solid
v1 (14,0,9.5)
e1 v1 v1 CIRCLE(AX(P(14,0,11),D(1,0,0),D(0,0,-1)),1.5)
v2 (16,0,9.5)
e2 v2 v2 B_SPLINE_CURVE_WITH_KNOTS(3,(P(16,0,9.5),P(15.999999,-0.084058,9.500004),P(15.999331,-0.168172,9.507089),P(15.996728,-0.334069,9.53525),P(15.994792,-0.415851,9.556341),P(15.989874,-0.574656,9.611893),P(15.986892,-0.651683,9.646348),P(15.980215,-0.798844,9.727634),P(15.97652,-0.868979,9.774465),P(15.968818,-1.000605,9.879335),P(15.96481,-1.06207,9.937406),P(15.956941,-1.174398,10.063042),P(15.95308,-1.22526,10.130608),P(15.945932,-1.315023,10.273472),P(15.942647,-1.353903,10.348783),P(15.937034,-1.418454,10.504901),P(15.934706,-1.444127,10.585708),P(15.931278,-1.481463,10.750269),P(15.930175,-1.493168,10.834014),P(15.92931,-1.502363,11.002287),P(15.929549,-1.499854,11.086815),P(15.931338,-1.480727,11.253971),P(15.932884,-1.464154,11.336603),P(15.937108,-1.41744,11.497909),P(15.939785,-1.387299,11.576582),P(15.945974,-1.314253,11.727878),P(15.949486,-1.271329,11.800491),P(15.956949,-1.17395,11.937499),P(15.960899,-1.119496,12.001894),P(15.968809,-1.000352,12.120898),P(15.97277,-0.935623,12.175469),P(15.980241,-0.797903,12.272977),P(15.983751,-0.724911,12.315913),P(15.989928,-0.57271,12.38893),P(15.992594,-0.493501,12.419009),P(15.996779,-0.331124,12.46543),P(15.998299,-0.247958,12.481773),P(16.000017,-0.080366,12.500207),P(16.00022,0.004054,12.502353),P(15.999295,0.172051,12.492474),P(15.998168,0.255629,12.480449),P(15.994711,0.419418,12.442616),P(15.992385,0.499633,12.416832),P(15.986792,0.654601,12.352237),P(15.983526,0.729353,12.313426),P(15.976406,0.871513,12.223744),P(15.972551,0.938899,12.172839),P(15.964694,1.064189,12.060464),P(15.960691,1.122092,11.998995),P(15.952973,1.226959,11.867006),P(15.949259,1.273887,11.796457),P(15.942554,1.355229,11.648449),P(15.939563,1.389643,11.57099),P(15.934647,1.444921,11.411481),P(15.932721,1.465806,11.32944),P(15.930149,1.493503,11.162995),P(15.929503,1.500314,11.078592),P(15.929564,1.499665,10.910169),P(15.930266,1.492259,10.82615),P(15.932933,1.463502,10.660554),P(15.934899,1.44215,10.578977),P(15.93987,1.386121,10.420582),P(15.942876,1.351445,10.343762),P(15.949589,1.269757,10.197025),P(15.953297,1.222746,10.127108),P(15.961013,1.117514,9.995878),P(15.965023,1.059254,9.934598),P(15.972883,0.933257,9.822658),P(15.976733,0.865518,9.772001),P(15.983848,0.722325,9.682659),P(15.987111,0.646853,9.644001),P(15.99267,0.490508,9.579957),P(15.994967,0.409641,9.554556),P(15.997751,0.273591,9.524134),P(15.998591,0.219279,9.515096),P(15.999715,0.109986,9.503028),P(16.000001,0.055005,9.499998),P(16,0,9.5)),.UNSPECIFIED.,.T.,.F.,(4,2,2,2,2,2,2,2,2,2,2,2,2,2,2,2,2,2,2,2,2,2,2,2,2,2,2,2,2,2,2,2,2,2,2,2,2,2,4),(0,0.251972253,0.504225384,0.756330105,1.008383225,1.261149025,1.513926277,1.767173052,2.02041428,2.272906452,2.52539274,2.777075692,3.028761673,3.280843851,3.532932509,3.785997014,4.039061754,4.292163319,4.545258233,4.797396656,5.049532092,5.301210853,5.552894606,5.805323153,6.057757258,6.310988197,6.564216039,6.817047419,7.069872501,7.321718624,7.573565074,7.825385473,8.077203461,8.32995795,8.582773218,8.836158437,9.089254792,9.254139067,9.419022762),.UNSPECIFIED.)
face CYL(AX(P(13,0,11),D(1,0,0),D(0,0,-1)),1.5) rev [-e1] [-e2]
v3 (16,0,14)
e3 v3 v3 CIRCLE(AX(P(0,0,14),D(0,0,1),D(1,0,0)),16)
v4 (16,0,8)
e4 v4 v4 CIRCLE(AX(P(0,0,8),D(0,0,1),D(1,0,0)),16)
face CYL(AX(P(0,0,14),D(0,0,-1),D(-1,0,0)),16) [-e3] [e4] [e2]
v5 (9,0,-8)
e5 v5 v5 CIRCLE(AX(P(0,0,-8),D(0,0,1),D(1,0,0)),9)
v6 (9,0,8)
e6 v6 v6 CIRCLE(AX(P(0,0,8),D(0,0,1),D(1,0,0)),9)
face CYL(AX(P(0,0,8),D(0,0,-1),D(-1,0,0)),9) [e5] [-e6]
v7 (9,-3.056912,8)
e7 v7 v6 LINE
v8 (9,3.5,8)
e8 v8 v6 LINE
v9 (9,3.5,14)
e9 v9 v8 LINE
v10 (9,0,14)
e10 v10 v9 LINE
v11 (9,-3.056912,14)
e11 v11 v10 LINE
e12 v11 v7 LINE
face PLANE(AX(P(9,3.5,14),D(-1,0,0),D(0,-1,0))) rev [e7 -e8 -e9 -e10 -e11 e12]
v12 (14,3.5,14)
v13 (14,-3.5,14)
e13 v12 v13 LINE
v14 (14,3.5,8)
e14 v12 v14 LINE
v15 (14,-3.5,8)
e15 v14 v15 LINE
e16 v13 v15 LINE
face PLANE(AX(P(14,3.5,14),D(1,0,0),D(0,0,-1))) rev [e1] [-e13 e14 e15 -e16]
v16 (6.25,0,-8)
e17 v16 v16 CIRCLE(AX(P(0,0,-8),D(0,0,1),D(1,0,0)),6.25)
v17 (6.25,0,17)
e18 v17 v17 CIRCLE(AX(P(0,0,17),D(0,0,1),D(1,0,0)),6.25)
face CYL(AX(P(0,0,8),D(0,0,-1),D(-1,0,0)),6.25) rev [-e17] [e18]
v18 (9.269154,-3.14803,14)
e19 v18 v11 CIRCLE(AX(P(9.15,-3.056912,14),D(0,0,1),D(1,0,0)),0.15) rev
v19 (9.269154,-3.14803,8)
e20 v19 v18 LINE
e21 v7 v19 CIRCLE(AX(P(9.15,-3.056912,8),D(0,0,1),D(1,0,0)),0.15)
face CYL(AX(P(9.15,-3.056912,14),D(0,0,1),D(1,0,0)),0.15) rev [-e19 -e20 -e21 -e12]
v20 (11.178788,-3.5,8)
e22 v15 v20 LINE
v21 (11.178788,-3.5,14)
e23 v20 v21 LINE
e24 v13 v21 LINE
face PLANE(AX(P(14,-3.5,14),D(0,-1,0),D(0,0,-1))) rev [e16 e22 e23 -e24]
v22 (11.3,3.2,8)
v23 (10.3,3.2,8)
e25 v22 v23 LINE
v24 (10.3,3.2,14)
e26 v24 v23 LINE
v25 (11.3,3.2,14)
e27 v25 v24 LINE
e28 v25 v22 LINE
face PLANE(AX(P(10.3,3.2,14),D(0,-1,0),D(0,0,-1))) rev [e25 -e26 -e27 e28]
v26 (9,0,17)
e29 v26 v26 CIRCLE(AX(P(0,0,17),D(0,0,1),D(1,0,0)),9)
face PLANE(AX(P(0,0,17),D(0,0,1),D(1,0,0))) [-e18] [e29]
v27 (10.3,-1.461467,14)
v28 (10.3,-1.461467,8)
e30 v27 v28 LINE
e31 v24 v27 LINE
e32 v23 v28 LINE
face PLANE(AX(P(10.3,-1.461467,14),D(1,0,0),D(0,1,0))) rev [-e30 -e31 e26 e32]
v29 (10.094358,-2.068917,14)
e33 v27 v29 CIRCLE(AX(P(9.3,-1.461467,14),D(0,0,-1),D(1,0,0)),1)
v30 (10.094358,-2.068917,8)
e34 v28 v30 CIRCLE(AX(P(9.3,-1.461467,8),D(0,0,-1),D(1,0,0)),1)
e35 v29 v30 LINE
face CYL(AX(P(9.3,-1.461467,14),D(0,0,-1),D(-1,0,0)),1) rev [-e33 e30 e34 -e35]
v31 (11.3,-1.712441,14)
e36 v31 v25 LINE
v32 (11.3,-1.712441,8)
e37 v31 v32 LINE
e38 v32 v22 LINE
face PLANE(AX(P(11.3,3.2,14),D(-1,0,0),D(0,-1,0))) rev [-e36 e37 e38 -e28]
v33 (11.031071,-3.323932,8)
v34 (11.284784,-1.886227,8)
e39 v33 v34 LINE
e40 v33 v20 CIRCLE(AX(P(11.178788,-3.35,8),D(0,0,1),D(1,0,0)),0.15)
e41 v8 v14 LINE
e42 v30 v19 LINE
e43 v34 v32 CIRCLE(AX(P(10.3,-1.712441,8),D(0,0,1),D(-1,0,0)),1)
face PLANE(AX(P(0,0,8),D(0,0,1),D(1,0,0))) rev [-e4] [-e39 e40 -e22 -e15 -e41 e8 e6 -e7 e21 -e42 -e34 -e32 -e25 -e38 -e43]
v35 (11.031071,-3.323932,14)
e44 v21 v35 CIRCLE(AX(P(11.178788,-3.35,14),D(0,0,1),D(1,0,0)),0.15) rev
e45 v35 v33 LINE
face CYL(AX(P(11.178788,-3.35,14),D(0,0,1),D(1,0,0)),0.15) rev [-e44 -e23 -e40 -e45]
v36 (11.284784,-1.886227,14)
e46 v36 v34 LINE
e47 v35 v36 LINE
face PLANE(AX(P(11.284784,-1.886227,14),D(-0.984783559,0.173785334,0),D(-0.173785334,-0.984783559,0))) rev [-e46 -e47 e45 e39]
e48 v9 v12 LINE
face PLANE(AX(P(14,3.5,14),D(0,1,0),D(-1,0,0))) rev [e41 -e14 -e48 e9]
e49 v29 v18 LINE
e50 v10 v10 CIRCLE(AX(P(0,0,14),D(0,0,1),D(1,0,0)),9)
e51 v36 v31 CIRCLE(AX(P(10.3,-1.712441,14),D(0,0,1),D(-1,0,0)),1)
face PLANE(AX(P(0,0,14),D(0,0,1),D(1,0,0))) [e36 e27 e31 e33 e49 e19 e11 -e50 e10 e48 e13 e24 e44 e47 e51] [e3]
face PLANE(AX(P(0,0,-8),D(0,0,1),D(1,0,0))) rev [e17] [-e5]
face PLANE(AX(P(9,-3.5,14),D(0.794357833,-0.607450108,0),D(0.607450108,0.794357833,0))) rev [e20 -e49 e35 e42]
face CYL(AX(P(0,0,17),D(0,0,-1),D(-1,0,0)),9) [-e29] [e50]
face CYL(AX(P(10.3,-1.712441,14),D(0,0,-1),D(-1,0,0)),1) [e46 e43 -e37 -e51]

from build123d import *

# Parameters (mm, degrees)
SKIZZE1_R                       = 9
SKIZZE1_R_2                     = 6.25
AUFSATZ_LINEAR_AUSTRAGEN1_DEPTH = 8
SKIZZE2_R                       = 16
SKIZZE2_R_2                     = 6.25
AUFSATZ_LINEAR_AUSTRAGEN2_DEPTH = 6
SCHNITT_LINEAR_AUSTRAGEN1_DEPTH = 6
SCHNITT_LINEAR_START            = 17
SKIZZE4_R                       = 1.5
SCHNITT_LINEAR_AUSTRAGEN2_DEPTH = 4
SKIZZE5_R                       = 9
SKIZZE5_R_2                     = 6.25
AUFSATZ_LINEAR_AUSTRAGEN3_DEPTH = 3
VERRUNDUNG1_R                   = 0.15
VERRUNDUNG2_R                   = 0.15


with BuildPart() as part:
    # Skizze1 → Aufsatz-Linear austragen1 (new, symmetric)
    with BuildSketch(Plane.XY):
        Circle(SKIZZE1_R)
        Circle(SKIZZE1_R_2, mode=Mode.SUBTRACT)
    extrude(amount=AUFSATZ_LINEAR_AUSTRAGEN1_DEPTH, both=True)

    # Skizze2 → Aufsatz-Linear austragen2 (add)
    with BuildSketch(Plane.XY.offset(8)):
        Circle(SKIZZE2_R)
        Circle(SKIZZE2_R_2, mode=Mode.SUBTRACT)
    extrude(amount=AUFSATZ_LINEAR_AUSTRAGEN2_DEPTH)

    # Skizze3 → Schnitt-Linear austragen1 (cut)
    with BuildSketch(Plane(origin=(0, 0, 8), x_dir=(-1, 0, 0), z_dir=(0, 0, -1))):
        with BuildLine():
            Line((-9, -3.5), (-10.094357833, -2.06891668))
            ThreePointArc((-10.094357833, -2.06891668), (-10.24719529, -1.78212384), (-10.3, -1.461466572))
            Line((-10.3, -1.461466572), (-10.3, 3.2))
            Line((-10.3, 3.2), (-11.3, 3.2))
            Line((-11.3, 3.2), (-11.3, -1.712441166))
            ThreePointArc((-11.3, -1.712441166), (-11.296188626, -1.799666281), (-11.284783559, -1.8862265))
            Line((-11.284783559, -1.8862265), (-11, -3.5))
            Line((-11, -3.5), (-14, -3.5))
            Line((-14, -3.5), (-14, 3.5))
            Line((-14, 3.5), (-9, 3.5))
            Line((-9, 3.5), (-9, -3.5))
        make_face()
    extrude(amount=-SCHNITT_LINEAR_AUSTRAGEN1_DEPTH, mode=Mode.SUBTRACT)

    # Skizze4 → Schnitt-Linear austragen2 (cut)
    with BuildSketch(Plane(origin=(0, 0, 0), x_dir=(0, 0, -1), z_dir=(1, 0, 0)).offset(SCHNITT_LINEAR_START)):
        with Locations((-11, 0)):
            Circle(SKIZZE4_R)
    extrude(amount=-SCHNITT_LINEAR_AUSTRAGEN2_DEPTH, mode=Mode.SUBTRACT)

    # Skizze5 → Aufsatz-Linear austragen3 (add)
    with BuildSketch(Plane.XY.offset(14)):
        Circle(SKIZZE5_R)
        Circle(SKIZZE5_R_2, mode=Mode.SUBTRACT)
    extrude(amount=AUFSATZ_LINEAR_AUSTRAGEN3_DEPTH)

    # Verrundung1
    verrundung1_edges = [part.edges().sort_by_distance(p)[0] for p in [
        (9, -3.5, 11),
    ]]
    fillet(verrundung1_edges, radius=VERRUNDUNG1_R)

    # Verrundung2
    verrundung2_edges = [part.edges().sort_by_distance(p)[0] for p in [
        (11, -3.5, 11),
    ]]
    fillet(verrundung2_edges, radius=VERRUNDUNG2_R)


solid = part.part
